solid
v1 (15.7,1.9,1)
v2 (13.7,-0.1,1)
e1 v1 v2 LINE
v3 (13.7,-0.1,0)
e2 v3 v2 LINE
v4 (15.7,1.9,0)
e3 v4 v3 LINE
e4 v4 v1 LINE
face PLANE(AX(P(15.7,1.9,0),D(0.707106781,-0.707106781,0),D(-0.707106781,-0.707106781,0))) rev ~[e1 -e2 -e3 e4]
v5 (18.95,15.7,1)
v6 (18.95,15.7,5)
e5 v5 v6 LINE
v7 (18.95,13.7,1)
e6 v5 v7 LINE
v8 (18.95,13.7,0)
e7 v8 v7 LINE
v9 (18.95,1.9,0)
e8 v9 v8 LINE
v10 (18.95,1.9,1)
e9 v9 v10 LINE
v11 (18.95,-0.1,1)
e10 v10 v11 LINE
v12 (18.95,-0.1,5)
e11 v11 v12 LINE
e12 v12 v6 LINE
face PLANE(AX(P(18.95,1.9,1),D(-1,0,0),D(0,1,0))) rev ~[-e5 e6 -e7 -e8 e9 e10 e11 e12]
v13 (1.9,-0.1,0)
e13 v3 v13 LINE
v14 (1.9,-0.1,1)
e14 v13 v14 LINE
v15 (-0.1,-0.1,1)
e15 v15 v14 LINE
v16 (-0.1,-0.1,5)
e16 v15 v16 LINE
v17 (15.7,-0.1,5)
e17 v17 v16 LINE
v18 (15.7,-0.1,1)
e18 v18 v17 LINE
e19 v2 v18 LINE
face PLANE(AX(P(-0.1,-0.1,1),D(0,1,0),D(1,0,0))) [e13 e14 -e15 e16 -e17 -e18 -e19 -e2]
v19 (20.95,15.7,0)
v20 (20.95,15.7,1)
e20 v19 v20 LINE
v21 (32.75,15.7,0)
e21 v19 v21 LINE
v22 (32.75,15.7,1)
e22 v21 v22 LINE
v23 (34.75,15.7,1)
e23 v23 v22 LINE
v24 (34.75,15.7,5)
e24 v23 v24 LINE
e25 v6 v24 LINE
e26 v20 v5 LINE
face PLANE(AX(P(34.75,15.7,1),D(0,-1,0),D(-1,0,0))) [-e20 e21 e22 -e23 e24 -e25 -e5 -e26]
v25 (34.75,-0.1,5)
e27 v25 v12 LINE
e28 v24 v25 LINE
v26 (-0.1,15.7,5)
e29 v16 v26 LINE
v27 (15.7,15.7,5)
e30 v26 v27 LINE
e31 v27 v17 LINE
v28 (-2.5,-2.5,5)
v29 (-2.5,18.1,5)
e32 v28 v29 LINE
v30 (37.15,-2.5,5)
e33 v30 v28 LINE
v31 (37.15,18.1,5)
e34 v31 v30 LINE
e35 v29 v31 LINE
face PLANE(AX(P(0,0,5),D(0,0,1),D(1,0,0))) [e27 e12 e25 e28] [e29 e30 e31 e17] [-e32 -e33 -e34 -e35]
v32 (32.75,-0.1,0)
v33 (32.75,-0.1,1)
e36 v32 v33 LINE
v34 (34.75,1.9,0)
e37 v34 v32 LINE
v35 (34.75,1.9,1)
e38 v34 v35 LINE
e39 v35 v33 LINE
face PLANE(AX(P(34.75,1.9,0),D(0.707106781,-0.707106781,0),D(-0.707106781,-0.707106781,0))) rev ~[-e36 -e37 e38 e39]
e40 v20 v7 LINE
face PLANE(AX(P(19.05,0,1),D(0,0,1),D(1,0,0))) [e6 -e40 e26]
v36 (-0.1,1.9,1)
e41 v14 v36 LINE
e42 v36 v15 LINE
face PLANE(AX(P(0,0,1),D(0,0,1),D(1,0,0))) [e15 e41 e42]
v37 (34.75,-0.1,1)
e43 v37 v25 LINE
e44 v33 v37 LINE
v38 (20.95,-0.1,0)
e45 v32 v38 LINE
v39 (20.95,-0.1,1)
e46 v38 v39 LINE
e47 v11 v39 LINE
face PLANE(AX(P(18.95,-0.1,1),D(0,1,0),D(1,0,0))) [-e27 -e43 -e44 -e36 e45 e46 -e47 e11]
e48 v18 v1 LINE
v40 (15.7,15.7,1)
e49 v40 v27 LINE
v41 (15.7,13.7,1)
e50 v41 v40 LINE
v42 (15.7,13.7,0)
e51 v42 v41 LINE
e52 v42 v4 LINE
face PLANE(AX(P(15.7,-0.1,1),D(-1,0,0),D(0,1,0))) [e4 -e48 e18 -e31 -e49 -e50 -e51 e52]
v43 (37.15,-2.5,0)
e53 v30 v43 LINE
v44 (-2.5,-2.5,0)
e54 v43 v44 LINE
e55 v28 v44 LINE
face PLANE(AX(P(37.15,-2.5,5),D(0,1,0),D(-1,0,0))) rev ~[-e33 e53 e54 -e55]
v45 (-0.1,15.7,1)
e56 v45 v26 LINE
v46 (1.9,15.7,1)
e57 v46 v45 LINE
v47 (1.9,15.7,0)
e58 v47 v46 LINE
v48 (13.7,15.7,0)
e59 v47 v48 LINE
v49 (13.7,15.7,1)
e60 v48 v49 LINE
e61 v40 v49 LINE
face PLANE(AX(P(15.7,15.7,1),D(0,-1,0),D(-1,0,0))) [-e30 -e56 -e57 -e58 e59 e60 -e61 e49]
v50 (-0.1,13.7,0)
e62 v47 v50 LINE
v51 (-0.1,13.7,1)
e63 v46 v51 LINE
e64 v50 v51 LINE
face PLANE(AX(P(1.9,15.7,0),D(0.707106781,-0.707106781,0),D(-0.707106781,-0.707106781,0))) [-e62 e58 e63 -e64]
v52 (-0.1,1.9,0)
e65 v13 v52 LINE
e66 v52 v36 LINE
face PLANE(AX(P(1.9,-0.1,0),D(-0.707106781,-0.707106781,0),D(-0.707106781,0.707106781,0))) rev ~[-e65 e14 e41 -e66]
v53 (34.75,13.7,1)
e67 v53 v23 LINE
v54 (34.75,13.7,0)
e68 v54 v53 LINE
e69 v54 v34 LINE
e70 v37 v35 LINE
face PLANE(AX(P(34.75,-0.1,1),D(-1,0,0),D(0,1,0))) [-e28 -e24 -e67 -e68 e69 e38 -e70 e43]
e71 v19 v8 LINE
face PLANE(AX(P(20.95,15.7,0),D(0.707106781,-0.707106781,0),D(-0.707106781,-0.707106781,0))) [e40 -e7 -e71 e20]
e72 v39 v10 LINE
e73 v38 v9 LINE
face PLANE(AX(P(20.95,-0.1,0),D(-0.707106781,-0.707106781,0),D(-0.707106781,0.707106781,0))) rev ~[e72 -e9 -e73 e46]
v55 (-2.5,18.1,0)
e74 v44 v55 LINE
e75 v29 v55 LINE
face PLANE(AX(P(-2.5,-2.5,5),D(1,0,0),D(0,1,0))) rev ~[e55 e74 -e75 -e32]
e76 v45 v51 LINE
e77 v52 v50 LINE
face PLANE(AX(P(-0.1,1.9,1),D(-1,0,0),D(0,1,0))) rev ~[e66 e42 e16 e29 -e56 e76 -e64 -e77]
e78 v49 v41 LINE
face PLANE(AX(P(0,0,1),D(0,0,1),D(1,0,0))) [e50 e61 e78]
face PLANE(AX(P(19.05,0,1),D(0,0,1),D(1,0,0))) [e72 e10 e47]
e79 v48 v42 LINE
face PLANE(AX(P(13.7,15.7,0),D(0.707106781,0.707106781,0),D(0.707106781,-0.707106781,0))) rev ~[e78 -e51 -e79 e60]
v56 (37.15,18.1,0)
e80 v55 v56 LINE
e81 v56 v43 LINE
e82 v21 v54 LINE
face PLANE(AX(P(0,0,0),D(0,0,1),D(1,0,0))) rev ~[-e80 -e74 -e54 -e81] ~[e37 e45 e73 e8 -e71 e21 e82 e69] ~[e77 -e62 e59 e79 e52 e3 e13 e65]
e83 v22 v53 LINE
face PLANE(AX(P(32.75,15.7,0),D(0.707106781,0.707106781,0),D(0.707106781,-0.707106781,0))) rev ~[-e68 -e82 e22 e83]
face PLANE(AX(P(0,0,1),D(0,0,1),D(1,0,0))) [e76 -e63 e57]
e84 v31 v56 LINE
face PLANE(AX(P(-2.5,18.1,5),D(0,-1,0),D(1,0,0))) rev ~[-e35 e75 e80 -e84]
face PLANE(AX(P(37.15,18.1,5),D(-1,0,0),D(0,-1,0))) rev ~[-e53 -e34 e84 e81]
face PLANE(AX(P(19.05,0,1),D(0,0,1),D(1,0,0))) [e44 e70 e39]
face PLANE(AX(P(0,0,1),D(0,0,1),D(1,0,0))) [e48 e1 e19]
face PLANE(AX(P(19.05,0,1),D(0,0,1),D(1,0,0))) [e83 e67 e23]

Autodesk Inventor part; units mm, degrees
ref_plane "YZ Plane" through (0, 0, 0) normal (1, 0, 0) x (0, 1, 0)
ref_plane "XZ Plane" through (0, 0, 0) normal (0, 1, 0) x (-1, 0, 0)
ref_plane "XY Plane" through (0, 0, 0) normal (0, 0, 1) x (1, 0, 0)
sketch "Skizze1" plane through (0, 0, 0) normal (0, 0, 1) x (1, 0, 0)
  line L0 (0, 0) -> (15.6, 0) construction
  line L1 (15.6, 0) -> (15.6, 15.6) construction
  line L2 (15.6, 15.6) -> (0, 15.6) construction
  line L3 (0, 15.6) -> (0, 0) construction
  line L4 (-0.1, 15.7) -> (15.7, 15.7)
  line L5 (15.7, 15.7) -> (15.7, -0.1)
  line L6 (15.7, -0.1) -> (-0.1, -0.1)
  line L7 (-0.1, -0.1) -> (-0.1, 15.7)
  line L8 (1.9, 15.7) -> (-0.1, 13.7)
  line L9 (13.7, 15.7) -> (15.7, 13.7)
  line L10 (15.7, 1.9) -> (13.7, -0.1)
  line L11 (1.9, -0.1) -> (-0.1, 1.9)
  line L12 (-0.1, -0.1) -> (15.7, 15.7) construction
  line L13 (15.7, -0.1) -> (-0.1, 15.7) construction
  line L14 (-1.725, 17.325) -> (17.325, 17.325)
  line L15 (17.325, 17.325) -> (17.325, -1.725)
  line L16 (17.325, -1.725) -> (-1.725, -1.725)
  line L17 (-1.725, -1.725) -> (-1.725, 17.325)
  point P0 (7.8, 7.8)
  point P1 (7.8, 7.8)
  dimension "d0" = 15.6
  dimension "d1" = 15.6
  dimension "d2" = 0.1
  dimension "d3" = 2
  dimension "d4" = 2
  dimension "d5" = 2
  dimension "d6" = 2
  dimension "d7" = 2
  dimension "d8" = 2
  dimension "d9" = 2
  dimension "d10" = 2
  dimension "d11" = 9.525
extrude "Extrusion1" add sketch "Skizze1" along normal blind 1 contours L4 L8 L7 | L4 L5 L9 | L11 L6 L7 | L5 L6 L10 | L14 L15 L16 L17
sketch "Skizze2" plane through (0, 0, 1) normal (0, 0, 1) x (1, 0, 0)
  line L0 (-1.725, -1.725) -> (17.325, -1.725) projected
  line L1 (17.325, -1.725) -> (17.325, 17.325) projected
  line L2 (17.325, 17.325) -> (-1.725, 17.325) projected
  line L3 (-1.725, 17.325) -> (-1.725, -1.725) projected
  line L4 (-0.1, 13.7) -> (1.9, 15.7) projected
  line L5 (1.9, 15.7) -> (13.7, 15.7) projected
  line L6 (13.7, 15.7) -> (15.7, 13.7) projected
  line L7 (15.7, 13.7) -> (15.7, 1.9) projected
  line L8 (15.7, 1.9) -> (13.7, -0.1) projected
  line L9 (13.7, -0.1) -> (1.9, -0.1) projected
  line L10 (1.9, -0.1) -> (-0.1, 1.9) projected
  line L11 (-0.1, 1.9) -> (-0.1, 13.7) projected
  line L12 (1.9, 15.7) -> (13.7, 15.7) projected
  line L13 (1.9, 15.7) -> (-0.1, 15.7)
  line L14 (-0.1, 15.7) -> (-0.1, 13.7)
  line L15 (-0.1, 1.9) -> (-0.1, 13.7) projected
  line L16 (-0.1, 1.9) -> (-0.1, -0.1)
  line L17 (-0.1, -0.1) -> (1.9, -0.1)
  line L18 (13.7, -0.1) -> (1.9, -0.1) projected
  line L19 (13.7, -0.1) -> (15.7, -0.1)
  line L20 (15.7, 1.9) -> (13.7, -0.1) projected
  line L21 (15.7, -0.1) -> (15.7, 1.9)
  line L22 (15.7, 13.7) -> (15.7, 1.9) projected
  line L23 (15.7, 13.7) -> (15.7, 15.7)
  line L24 (13.7, 15.7) -> (15.7, 13.7) projected
  line L25 (15.7, 15.7) -> (13.7, 15.7)
  point P0 (0, 0)
extrude "Extrusion2" add sketch "Skizze2" along normal blind 4
pattern_linear "Rechteckige Anordnung1" count 2 spacing 19.05 along (1, 0, 0)
sketch "Skizze3" plane through (0, 0, 5) normal (0, 0, 1) x (1, 0, 0)
  line L0 (36.375, 17.325) -> (-1.725, 17.325) projected
  line L1 (-1.725, 17.325) -> (-1.725, -1.725) projected
  line L2 (-1.725, -1.725) -> (36.375, -1.725) projected
  line L3 (-0.1, 15.7) -> (15.7, 15.7) projected
  line L4 (15.7, 15.7) -> (15.7, -0.1) projected
  line L5 (15.7, -0.1) -> (-0.1, -0.1) projected
  line L6 (-0.1, -0.1) -> (-0.1, 15.7) projected
  line L7 (36.375, -1.725) -> (36.375, 17.325) projected
  line L8 (-2.5, 18.1) -> (37.15, 18.1)
  line L9 (37.15, 18.1) -> (37.15, -2.5)
  line L10 (37.15, -2.5) -> (-2.5, -2.5)
  line L11 (-2.5, -2.5) -> (-2.5, 18.1)
  dimension "d25" = 0.775
extrude "Extrusion3" add sketch "Skizze3" against normal up to surface (5 mm away) contours L8 L9 L10 L11
equation "\"d1\" = d0"
equation "\"d2\" = clearance"
equation "\"d3\" = dLength"
equation "\"d4\" = dLength"
equation "\"d5\" = dLength"
equation "\"d6\" = dLength"
equation "\"d7\" = dLength"
equation "\"d8\" = dLength"
equation "\"d9\" = dLength"
equation "\"d10\" = dLength"
equation "\"d25\" = border"
equation "\"clearance\" = 0.1"
equation "\"dLength\" = 2"
equation "\"border\" = 0.775"
properties part number "Cherry_Switch_Alignment_Jig"
